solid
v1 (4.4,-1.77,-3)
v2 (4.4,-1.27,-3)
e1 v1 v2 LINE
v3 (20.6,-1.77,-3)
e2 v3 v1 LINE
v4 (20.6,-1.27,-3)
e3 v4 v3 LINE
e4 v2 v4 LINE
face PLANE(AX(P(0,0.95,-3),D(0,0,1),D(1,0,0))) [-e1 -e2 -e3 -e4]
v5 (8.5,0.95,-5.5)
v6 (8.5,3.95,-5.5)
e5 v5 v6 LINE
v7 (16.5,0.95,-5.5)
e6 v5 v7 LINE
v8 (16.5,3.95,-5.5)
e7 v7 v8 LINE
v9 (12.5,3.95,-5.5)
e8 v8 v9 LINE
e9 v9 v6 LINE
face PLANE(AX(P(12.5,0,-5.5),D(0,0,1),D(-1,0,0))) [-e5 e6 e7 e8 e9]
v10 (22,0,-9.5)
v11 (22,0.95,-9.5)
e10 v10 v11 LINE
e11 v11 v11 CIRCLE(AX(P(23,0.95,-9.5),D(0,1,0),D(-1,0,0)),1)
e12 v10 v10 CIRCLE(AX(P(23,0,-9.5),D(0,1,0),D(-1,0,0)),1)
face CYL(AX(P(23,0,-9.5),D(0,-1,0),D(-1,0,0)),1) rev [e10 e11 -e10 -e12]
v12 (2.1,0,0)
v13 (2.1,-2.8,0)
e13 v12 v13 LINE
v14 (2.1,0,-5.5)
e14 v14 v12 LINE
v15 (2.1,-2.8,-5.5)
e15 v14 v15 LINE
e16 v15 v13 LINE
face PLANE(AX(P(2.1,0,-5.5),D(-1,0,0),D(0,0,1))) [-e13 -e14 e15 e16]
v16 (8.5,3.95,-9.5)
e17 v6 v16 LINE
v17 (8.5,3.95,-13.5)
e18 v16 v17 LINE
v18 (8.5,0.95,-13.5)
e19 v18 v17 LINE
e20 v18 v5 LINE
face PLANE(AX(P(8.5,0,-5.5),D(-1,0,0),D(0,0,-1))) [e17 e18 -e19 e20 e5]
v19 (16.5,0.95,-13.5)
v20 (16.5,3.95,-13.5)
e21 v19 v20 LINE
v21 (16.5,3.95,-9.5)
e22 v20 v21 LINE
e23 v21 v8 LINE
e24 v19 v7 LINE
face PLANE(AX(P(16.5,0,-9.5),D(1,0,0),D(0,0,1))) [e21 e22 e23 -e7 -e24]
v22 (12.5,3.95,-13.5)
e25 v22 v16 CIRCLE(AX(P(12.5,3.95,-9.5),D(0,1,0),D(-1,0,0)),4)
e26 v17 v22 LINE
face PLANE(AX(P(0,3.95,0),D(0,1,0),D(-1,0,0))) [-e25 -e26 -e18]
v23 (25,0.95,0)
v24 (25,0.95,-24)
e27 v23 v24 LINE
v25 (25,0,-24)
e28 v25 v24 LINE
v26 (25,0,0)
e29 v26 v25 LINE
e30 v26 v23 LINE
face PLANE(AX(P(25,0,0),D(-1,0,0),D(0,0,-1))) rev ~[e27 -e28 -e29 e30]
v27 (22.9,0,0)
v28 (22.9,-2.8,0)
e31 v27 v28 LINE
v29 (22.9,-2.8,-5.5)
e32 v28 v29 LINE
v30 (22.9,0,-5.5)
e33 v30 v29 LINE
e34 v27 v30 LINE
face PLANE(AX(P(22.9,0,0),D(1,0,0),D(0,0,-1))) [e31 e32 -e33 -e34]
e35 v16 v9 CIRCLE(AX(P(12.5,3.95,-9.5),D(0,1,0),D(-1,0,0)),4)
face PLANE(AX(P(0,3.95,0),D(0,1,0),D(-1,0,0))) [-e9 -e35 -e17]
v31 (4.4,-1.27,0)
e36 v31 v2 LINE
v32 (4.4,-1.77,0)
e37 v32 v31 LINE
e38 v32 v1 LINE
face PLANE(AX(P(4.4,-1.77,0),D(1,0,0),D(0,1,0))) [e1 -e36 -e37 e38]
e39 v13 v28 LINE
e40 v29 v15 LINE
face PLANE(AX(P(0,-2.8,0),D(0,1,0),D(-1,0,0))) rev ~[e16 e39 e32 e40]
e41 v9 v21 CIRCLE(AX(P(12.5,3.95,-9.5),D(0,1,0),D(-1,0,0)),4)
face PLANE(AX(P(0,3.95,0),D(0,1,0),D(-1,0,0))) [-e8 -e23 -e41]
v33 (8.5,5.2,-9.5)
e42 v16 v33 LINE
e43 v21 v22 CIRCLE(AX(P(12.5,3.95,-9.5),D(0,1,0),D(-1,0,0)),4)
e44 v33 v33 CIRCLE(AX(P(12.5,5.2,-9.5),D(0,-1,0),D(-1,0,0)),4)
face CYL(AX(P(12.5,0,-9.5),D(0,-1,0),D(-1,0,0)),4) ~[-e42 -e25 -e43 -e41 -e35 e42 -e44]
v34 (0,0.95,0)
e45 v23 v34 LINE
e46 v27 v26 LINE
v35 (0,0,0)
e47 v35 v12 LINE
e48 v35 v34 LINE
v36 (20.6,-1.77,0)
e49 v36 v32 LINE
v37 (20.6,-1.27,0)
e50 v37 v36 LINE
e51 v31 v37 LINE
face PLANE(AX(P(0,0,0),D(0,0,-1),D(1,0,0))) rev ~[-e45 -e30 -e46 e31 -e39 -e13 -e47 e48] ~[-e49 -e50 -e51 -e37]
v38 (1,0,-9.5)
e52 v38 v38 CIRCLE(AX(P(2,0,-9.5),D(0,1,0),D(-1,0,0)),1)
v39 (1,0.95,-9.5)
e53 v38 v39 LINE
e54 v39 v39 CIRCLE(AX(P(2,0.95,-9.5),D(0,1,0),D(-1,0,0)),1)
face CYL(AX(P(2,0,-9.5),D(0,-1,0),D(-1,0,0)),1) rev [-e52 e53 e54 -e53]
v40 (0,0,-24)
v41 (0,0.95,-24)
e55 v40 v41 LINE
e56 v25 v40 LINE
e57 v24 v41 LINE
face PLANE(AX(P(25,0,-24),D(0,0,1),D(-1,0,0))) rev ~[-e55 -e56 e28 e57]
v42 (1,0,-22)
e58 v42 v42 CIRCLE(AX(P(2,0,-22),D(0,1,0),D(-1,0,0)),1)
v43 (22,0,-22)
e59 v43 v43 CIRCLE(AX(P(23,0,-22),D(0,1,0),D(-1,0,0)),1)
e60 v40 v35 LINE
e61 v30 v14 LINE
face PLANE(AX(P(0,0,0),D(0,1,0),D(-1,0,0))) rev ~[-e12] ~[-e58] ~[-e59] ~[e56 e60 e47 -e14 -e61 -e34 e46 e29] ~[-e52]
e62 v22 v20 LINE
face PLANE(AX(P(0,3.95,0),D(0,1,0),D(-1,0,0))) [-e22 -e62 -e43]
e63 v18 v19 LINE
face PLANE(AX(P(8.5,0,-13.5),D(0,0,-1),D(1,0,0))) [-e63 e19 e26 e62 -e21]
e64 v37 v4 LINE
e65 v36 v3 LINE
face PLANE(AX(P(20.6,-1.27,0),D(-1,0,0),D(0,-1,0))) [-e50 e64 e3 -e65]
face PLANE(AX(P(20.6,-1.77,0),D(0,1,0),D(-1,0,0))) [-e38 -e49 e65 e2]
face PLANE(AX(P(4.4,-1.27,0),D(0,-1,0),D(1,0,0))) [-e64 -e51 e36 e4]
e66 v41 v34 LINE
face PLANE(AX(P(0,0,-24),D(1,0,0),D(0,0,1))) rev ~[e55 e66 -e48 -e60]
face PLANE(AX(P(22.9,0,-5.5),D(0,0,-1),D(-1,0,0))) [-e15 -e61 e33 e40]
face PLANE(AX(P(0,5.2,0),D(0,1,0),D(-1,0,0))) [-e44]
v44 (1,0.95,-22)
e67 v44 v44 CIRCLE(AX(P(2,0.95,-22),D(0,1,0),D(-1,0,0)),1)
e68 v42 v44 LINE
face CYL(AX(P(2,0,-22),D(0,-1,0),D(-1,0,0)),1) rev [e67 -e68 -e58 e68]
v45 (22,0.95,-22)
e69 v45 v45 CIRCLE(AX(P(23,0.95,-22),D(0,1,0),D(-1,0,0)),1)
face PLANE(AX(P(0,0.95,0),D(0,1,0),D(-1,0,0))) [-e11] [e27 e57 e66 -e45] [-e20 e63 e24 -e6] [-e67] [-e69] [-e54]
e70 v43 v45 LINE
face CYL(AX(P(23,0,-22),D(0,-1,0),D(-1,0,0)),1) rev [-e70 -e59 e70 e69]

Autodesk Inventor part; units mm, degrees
ref_plane "YZ Plane" through (0, 0, 0) normal (1, 0, 0) x (0, 1, 0)
ref_plane "XZ Plane" through (0, 0, 0) normal (0, 1, 0) x (-1, 0, 0)
ref_plane "XY Plane" through (0, 0, 0) normal (0, 0, 1) x (1, 0, 0)
sketch "스케치1" plane through (0, 0, 0) normal (0, 1, 0) x (-1, 0, 0)
  line L0 (0, 0) -> (-25, 0)
  line L1 (-25, 0) -> (-25, -24)
  line L2 (-25, -24) -> (0, -24)
  line L3 (0, -24) -> (0, 0)
  circle A0 centre (-2, -22) radius 1
  circle A1 centre (-23, -22) radius 1
  circle A2 centre (-23, -9.5) radius 1
  circle A3 centre (-2, -9.5) radius 1
  line L4 (-8.5, -13.5) -> (-16.5, -13.5)
  line L5 (-16.5, -13.5) -> (-16.5, -5.5)
  line L6 (-16.5, -5.5) -> (-8.5, -5.5)
  line L7 (-8.5, -5.5) -> (-8.5, -13.5)
  circle A4 centre (-12.5, -9.5) radius 4
  line L8 (-2.1, 0) -> (-22.9, 0)
  line L9 (-22.9, 0) -> (-22.9, -5.5)
  line L10 (-22.9, -5.5) -> (-2.1, -5.5)
  line L11 (-2.1, -5.5) -> (-2.1, 0)
  point P0 (-12.5, 0)
  point P1 (-16.5, -9.5)
  point P2 (-12.5, -5.5)
  point P3 (-8.5, -9.5)
  point P4 (-12.5, -13.5)
  dimension "d0" = 25
  dimension "d1" = 24
  dimension "d2" = 2
  dimension "d3" = 2
  dimension "d4" = 2
  dimension "d5" = 2
  dimension "d6" = 2
  dimension "d8" = 2
  dimension "d9" = 2
  dimension "d10" = 2
  dimension "d12" = 2
  dimension "d15" = 12.5
  dimension "d16" = 9.5
  dimension "d17" = 2
  dimension "d18" = 12.5
  dimension "d19" = 9.5
  dimension "d20" = 8
  dimension "d21" = 8
  dimension "d22" = 8.5
  dimension "d23" = 8.5
  dimension "d24" = 5.5
  dimension "d25" = 21
  dimension "d26" = 8
  dimension "d27" = 20.8
  dimension "d28" = 5.5
extrude "돌출1" add sketch "스케치1" along normal blind 0.95 contours L3 L2 L1 L0 L9 L10 L5 L4 L7 L11 | L11 L10 L6 L9 L0
extrude "돌출2" add sketch "스케치1" along normal blind 3.95 contours L7 A4 L6 | L6 A4 L5 | L7 L4 A4 | A4 L4 L5
extrude "돌출3" add sketch "스케치1" along normal blind 5.2 contours A4
extrude "돌출4" add sketch "스케치1" against normal blind 2.8 contours L11 L10 L6 L9 L0
sketch "스케치2" plane through (0, 0.95, 0) normal (0, 0, 1) x (1, 0, 0)
  line L0 (4.4, -2.22) -> (20.6, -2.22)
  line L1 (20.6, -2.22) -> (20.6, -2.72)
  line L2 (20.6, -2.72) -> (4.4, -2.72)
  line L3 (4.4, -2.72) -> (4.4, -2.22)
  line L4 (0, -0.95) -> (2.1, -0.95) projected
  line L5 (2.1, -0.95) -> (2.1, -3.75) projected
  line L6 (22.9, -0.95) -> (22.9, -3.75) projected
  point P0 (4.4, -2.47)
  point P1 (20.6, -2.47)
  dimension "d37" = 16.2
  dimension "d38" = 0.5
  dimension "d39" = 1.27
  dimension "d40" = 2.3
  dimension "d41" = 2.3
  dimension "d42" = 2.1
extrude "돌출5" cut sketch "스케치2" against normal blind 3
properties part number "r_camera v2"
